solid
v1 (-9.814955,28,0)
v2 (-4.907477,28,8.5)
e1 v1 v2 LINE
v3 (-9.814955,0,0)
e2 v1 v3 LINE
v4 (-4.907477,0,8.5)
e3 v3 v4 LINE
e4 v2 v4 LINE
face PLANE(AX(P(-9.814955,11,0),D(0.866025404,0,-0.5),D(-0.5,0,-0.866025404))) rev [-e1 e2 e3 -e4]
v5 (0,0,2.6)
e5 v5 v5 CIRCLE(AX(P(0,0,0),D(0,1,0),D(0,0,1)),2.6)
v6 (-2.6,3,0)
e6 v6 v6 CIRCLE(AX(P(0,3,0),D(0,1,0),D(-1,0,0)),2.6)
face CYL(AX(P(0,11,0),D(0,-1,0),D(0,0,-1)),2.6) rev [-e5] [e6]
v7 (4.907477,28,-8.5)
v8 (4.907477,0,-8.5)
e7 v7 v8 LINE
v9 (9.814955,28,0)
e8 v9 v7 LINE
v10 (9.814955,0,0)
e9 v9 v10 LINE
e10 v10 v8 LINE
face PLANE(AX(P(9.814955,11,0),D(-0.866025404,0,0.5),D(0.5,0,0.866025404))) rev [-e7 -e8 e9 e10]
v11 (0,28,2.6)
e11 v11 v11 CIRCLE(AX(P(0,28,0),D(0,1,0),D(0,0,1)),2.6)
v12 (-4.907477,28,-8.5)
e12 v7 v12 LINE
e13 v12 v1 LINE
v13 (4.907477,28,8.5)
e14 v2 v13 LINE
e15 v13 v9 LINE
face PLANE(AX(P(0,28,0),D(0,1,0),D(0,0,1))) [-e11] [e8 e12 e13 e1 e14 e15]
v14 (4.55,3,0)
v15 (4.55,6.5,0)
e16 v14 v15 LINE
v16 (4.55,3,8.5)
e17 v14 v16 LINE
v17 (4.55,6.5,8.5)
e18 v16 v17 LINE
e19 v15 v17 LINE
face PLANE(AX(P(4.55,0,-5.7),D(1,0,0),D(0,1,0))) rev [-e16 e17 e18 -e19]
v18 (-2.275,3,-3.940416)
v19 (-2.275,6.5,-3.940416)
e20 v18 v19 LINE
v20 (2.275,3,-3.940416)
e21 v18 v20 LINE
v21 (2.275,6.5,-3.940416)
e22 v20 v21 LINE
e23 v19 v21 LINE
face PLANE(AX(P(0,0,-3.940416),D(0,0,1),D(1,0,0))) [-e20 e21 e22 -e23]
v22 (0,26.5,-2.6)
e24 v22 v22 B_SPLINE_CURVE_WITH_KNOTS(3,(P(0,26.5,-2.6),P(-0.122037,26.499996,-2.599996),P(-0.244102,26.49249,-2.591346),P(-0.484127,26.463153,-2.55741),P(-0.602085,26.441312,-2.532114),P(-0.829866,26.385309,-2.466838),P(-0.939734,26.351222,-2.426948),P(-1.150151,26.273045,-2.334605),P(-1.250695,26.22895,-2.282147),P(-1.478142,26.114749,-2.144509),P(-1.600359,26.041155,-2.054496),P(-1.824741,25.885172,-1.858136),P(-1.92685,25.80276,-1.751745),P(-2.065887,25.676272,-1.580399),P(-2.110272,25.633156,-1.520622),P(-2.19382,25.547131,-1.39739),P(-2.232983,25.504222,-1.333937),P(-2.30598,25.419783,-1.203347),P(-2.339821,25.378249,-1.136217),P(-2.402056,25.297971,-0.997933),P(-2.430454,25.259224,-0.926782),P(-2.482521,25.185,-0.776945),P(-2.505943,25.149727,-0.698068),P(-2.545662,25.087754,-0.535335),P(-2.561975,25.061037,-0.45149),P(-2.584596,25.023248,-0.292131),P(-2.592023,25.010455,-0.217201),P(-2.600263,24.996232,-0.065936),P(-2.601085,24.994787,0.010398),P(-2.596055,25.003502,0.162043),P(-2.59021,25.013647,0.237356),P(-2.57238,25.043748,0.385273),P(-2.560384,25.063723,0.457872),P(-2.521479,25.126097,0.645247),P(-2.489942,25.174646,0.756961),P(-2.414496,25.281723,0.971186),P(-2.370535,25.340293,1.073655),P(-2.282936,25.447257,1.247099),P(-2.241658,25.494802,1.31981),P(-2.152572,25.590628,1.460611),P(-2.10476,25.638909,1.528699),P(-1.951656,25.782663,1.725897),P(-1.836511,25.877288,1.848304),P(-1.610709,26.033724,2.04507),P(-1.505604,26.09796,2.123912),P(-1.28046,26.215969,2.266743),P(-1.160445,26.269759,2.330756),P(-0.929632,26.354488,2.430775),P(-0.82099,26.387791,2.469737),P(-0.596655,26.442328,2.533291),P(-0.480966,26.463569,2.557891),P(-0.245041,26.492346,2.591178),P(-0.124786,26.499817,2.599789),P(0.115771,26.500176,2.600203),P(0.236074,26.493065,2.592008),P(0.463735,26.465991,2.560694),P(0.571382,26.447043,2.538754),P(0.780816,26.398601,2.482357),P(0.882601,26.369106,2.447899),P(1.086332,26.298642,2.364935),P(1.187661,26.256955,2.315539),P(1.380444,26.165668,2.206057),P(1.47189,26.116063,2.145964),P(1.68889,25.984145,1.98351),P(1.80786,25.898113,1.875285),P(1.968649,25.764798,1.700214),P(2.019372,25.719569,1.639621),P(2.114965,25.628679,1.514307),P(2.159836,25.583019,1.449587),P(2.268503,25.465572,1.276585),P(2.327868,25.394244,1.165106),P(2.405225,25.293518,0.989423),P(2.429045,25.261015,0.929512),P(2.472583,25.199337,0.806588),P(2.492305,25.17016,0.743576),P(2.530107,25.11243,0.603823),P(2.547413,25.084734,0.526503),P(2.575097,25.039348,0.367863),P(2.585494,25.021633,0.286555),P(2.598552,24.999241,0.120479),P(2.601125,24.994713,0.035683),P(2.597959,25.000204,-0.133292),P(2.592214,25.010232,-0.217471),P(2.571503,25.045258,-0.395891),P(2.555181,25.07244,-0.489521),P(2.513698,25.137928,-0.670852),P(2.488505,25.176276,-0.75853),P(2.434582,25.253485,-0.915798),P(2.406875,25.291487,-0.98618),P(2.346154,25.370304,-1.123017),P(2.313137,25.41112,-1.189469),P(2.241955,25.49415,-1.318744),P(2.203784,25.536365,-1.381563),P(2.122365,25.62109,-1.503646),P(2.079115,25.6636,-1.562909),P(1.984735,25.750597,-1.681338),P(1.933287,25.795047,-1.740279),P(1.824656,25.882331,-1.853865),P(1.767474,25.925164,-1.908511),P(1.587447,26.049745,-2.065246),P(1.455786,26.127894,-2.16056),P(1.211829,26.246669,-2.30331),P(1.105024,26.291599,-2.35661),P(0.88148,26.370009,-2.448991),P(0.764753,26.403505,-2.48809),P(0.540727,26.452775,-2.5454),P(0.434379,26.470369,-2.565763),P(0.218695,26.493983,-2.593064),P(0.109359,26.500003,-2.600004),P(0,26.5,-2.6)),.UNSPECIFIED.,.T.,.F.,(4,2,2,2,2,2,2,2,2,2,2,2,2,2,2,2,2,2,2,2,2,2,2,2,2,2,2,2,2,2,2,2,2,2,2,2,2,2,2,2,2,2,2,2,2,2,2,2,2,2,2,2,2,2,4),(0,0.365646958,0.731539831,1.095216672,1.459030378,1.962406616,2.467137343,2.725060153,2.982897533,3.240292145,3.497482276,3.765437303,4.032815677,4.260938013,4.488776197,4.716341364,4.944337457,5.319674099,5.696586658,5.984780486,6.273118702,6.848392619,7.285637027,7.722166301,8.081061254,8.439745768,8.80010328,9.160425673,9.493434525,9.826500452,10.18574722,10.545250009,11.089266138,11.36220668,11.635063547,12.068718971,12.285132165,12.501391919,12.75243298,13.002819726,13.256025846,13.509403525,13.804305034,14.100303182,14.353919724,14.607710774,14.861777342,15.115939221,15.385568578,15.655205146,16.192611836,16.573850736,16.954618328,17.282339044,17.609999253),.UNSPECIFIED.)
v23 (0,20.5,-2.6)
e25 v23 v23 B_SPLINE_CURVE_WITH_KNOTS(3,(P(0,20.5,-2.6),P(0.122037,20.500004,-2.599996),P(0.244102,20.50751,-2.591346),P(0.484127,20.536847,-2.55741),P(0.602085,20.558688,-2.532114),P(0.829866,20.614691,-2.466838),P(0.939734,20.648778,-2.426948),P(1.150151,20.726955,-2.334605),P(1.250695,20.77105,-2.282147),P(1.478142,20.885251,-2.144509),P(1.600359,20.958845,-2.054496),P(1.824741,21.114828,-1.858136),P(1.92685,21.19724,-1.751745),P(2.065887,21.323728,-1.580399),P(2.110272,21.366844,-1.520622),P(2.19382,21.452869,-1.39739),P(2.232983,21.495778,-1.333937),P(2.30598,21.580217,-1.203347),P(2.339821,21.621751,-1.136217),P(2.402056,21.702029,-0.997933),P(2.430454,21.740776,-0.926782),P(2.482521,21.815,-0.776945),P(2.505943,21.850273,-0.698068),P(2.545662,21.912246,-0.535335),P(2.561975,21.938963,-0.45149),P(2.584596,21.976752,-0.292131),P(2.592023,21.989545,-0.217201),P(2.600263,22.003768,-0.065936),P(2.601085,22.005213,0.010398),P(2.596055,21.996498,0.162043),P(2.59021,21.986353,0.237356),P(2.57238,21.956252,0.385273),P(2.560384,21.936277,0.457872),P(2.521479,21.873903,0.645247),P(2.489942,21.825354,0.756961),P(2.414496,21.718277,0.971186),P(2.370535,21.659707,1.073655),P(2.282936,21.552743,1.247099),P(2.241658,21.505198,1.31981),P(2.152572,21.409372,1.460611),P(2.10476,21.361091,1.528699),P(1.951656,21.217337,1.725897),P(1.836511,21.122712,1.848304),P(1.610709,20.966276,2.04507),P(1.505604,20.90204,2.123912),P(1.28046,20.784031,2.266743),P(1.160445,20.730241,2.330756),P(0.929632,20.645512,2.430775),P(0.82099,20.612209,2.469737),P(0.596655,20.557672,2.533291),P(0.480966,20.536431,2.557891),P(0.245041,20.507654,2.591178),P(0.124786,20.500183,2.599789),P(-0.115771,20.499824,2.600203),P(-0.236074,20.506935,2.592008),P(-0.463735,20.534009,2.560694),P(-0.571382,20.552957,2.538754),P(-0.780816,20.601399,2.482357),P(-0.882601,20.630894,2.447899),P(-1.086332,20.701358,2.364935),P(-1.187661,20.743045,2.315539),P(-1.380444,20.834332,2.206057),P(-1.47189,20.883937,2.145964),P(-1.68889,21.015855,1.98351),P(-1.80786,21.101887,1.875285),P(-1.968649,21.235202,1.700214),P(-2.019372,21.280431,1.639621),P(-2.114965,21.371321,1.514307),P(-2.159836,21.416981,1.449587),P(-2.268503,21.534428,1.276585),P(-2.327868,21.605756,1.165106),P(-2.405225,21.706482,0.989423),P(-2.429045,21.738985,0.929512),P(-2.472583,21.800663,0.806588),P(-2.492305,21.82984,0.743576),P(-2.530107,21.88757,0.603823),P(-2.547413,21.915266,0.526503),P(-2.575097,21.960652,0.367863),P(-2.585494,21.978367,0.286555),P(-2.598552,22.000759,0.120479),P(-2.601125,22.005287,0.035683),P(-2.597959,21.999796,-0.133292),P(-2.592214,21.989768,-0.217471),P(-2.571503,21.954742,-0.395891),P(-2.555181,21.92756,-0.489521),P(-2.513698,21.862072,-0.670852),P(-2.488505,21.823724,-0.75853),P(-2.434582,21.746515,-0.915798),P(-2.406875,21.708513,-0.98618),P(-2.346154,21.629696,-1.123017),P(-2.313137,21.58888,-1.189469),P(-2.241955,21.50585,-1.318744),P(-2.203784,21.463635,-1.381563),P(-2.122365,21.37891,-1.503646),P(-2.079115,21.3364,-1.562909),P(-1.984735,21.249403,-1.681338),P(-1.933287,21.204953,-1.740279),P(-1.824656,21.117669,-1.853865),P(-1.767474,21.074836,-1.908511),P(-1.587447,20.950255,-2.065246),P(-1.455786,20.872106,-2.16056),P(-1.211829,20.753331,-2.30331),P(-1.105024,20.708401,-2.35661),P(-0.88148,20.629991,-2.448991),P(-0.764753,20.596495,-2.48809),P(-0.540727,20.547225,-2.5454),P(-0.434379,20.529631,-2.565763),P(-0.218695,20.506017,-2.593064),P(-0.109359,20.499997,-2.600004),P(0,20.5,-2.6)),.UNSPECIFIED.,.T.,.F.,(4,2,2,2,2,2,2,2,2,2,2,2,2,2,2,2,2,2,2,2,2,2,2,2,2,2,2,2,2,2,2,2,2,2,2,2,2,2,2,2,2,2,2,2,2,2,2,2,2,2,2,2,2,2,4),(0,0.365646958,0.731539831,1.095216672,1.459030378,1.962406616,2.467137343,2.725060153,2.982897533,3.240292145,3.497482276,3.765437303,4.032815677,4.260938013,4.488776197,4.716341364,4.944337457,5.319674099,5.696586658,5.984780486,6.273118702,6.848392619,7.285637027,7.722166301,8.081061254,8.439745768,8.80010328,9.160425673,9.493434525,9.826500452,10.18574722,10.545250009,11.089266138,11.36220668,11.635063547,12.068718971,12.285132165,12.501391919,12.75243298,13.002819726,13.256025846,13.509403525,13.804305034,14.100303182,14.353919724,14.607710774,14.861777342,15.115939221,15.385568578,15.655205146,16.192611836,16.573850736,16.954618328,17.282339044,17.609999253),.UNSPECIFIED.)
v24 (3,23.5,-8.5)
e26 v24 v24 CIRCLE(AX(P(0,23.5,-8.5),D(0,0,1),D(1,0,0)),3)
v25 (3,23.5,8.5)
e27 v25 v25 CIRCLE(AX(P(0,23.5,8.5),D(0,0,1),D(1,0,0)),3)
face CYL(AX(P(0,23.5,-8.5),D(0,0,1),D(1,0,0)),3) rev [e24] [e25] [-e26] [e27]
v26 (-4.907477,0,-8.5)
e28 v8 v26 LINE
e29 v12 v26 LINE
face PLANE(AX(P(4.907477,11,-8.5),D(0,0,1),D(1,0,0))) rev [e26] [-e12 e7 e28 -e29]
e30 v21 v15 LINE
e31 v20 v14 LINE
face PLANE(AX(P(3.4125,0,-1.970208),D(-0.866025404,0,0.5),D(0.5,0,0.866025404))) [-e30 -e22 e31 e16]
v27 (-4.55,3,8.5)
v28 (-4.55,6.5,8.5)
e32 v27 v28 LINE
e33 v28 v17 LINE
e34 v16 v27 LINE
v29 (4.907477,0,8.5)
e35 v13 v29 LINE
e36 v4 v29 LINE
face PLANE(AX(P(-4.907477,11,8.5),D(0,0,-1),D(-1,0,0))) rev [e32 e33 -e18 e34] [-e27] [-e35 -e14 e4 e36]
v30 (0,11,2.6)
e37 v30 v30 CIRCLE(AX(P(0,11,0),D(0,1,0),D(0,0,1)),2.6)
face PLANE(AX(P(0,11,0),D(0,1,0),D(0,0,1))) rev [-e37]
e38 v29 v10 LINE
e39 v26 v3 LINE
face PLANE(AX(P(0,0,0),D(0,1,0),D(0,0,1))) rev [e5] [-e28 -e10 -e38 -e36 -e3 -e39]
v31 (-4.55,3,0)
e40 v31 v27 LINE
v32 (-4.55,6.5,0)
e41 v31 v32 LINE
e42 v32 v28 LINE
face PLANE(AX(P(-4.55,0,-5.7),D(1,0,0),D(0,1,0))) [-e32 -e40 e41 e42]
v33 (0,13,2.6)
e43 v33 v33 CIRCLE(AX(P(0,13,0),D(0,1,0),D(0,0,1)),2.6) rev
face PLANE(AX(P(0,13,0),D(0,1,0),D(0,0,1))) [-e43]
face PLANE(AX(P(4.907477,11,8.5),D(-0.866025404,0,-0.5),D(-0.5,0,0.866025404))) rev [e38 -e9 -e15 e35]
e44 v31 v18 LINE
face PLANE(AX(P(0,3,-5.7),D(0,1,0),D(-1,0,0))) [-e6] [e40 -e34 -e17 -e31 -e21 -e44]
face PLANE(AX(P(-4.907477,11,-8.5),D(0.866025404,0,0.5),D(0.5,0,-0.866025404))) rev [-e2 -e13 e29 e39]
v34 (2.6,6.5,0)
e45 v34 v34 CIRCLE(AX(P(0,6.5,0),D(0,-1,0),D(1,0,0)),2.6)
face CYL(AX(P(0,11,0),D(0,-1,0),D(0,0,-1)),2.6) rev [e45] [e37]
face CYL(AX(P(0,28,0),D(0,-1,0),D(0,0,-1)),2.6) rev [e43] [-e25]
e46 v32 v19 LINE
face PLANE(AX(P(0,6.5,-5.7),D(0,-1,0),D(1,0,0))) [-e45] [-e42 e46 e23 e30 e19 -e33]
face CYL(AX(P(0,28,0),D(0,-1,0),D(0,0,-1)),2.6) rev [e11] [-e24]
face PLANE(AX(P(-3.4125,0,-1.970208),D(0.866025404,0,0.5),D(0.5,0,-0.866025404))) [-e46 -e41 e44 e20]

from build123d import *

# Parameters (mm, degrees)
SKETCH2_R           = 2.6
CORE_DEPTH          = 11
SKETCH5_W           = 9.1
SKETCH5_H           = 3.5
HEX_NUT_DEPTH       = 14.2
BOLT_GUARD_DEPTH    = 2
SKETCH7_R           = 2.6
D_SHAFT_DEPTH       = 15
SKETCH8_R           = 3
SET_SCREW_DEPTH     = 35.195516275
BOSS_EXTRUDE1_REACH = 27.116


with BuildPart() as part:
    # Sketch2 → core (new body)
    with BuildSketch(Plane(origin=(0, 0, 0), x_dir=(1, 0, 0), z_dir=(0, 1, 0))):
        Polygon((9.814954576, 0), (4.907477288, 8.5), (-4.907477288, 8.5), (-9.814954576, 0), (-4.907477288, -8.5), (4.907477288, -8.5), align=None)
        with Locations(Location((0, 0, 0), (0, 0, 270))):
            Circle(SKETCH2_R, mode=Mode.SUBTRACT)
    extrude(amount=CORE_DEPTH)

    # Sketch5 → hex-nut (cut)
    with BuildSketch(Plane.XY.offset(8.5)):
        with Locations((0, 4.75)):
            Rectangle(SKETCH5_W, SKETCH5_H)
    extrude(amount=-HEX_NUT_DEPTH, mode=Mode.SUBTRACT)

    # Sketch4 → bolt-guard (add)
    with BuildSketch(Plane(origin=(0, 11, 0), x_dir=(1, 0, 0), z_dir=(0, 1, 0))):
        Polygon((9.814954576, 0), (4.907477288, 8.5), (-4.907477288, 8.5), (-9.814954576, 0), (-4.907477288, -8.5), (4.907477288, -8.5), align=None)
    extrude(amount=BOLT_GUARD_DEPTH)

    # Sketch7 → d-shaft (add)
    with BuildSketch(Plane(origin=(0, 13, 0), x_dir=(1, 0, 0), z_dir=(0, 1, 0))):
        Polygon((9.814954576, 0), (4.907477288, 8.5), (-4.907477288, 8.5), (-9.814954576, 0), (-4.907477288, -8.5), (4.907477288, -8.5), align=None)
        Circle(SKETCH7_R, mode=Mode.SUBTRACT)
    extrude(amount=D_SHAFT_DEPTH)

    # Sketch8 → set-screw (cut, through all)
    with BuildSketch(Plane.XY.offset(8.5)):
        with Locations((0, 23.5)):
            Circle(SKETCH8_R)
    extrude(amount=-SET_SCREW_DEPTH, mode=Mode.SUBTRACT)

    # Sketch9 → Boss-Extrude1 (add, up to next)
    with BuildSketch(Plane.XZ.offset(-6.5), mode=Mode.PRIVATE) as boss_extrude1_sk1:
        Polygon((4.55, -5.7), (4.55, 0), (2.275, -3.940415587), (-2.275, -3.940415587), (-4.55, 0), (-4.55, -5.7), align=None)
    boss_extrude1_tool1 = extrude(boss_extrude1_sk1.sketch, amount=BOSS_EXTRUDE1_REACH, mode=Mode.PRIVATE) - part.part
    add(boss_extrude1_tool1.solids().sort_by_distance((0, 6.5, -4.033017))[0])


solid = part.part
